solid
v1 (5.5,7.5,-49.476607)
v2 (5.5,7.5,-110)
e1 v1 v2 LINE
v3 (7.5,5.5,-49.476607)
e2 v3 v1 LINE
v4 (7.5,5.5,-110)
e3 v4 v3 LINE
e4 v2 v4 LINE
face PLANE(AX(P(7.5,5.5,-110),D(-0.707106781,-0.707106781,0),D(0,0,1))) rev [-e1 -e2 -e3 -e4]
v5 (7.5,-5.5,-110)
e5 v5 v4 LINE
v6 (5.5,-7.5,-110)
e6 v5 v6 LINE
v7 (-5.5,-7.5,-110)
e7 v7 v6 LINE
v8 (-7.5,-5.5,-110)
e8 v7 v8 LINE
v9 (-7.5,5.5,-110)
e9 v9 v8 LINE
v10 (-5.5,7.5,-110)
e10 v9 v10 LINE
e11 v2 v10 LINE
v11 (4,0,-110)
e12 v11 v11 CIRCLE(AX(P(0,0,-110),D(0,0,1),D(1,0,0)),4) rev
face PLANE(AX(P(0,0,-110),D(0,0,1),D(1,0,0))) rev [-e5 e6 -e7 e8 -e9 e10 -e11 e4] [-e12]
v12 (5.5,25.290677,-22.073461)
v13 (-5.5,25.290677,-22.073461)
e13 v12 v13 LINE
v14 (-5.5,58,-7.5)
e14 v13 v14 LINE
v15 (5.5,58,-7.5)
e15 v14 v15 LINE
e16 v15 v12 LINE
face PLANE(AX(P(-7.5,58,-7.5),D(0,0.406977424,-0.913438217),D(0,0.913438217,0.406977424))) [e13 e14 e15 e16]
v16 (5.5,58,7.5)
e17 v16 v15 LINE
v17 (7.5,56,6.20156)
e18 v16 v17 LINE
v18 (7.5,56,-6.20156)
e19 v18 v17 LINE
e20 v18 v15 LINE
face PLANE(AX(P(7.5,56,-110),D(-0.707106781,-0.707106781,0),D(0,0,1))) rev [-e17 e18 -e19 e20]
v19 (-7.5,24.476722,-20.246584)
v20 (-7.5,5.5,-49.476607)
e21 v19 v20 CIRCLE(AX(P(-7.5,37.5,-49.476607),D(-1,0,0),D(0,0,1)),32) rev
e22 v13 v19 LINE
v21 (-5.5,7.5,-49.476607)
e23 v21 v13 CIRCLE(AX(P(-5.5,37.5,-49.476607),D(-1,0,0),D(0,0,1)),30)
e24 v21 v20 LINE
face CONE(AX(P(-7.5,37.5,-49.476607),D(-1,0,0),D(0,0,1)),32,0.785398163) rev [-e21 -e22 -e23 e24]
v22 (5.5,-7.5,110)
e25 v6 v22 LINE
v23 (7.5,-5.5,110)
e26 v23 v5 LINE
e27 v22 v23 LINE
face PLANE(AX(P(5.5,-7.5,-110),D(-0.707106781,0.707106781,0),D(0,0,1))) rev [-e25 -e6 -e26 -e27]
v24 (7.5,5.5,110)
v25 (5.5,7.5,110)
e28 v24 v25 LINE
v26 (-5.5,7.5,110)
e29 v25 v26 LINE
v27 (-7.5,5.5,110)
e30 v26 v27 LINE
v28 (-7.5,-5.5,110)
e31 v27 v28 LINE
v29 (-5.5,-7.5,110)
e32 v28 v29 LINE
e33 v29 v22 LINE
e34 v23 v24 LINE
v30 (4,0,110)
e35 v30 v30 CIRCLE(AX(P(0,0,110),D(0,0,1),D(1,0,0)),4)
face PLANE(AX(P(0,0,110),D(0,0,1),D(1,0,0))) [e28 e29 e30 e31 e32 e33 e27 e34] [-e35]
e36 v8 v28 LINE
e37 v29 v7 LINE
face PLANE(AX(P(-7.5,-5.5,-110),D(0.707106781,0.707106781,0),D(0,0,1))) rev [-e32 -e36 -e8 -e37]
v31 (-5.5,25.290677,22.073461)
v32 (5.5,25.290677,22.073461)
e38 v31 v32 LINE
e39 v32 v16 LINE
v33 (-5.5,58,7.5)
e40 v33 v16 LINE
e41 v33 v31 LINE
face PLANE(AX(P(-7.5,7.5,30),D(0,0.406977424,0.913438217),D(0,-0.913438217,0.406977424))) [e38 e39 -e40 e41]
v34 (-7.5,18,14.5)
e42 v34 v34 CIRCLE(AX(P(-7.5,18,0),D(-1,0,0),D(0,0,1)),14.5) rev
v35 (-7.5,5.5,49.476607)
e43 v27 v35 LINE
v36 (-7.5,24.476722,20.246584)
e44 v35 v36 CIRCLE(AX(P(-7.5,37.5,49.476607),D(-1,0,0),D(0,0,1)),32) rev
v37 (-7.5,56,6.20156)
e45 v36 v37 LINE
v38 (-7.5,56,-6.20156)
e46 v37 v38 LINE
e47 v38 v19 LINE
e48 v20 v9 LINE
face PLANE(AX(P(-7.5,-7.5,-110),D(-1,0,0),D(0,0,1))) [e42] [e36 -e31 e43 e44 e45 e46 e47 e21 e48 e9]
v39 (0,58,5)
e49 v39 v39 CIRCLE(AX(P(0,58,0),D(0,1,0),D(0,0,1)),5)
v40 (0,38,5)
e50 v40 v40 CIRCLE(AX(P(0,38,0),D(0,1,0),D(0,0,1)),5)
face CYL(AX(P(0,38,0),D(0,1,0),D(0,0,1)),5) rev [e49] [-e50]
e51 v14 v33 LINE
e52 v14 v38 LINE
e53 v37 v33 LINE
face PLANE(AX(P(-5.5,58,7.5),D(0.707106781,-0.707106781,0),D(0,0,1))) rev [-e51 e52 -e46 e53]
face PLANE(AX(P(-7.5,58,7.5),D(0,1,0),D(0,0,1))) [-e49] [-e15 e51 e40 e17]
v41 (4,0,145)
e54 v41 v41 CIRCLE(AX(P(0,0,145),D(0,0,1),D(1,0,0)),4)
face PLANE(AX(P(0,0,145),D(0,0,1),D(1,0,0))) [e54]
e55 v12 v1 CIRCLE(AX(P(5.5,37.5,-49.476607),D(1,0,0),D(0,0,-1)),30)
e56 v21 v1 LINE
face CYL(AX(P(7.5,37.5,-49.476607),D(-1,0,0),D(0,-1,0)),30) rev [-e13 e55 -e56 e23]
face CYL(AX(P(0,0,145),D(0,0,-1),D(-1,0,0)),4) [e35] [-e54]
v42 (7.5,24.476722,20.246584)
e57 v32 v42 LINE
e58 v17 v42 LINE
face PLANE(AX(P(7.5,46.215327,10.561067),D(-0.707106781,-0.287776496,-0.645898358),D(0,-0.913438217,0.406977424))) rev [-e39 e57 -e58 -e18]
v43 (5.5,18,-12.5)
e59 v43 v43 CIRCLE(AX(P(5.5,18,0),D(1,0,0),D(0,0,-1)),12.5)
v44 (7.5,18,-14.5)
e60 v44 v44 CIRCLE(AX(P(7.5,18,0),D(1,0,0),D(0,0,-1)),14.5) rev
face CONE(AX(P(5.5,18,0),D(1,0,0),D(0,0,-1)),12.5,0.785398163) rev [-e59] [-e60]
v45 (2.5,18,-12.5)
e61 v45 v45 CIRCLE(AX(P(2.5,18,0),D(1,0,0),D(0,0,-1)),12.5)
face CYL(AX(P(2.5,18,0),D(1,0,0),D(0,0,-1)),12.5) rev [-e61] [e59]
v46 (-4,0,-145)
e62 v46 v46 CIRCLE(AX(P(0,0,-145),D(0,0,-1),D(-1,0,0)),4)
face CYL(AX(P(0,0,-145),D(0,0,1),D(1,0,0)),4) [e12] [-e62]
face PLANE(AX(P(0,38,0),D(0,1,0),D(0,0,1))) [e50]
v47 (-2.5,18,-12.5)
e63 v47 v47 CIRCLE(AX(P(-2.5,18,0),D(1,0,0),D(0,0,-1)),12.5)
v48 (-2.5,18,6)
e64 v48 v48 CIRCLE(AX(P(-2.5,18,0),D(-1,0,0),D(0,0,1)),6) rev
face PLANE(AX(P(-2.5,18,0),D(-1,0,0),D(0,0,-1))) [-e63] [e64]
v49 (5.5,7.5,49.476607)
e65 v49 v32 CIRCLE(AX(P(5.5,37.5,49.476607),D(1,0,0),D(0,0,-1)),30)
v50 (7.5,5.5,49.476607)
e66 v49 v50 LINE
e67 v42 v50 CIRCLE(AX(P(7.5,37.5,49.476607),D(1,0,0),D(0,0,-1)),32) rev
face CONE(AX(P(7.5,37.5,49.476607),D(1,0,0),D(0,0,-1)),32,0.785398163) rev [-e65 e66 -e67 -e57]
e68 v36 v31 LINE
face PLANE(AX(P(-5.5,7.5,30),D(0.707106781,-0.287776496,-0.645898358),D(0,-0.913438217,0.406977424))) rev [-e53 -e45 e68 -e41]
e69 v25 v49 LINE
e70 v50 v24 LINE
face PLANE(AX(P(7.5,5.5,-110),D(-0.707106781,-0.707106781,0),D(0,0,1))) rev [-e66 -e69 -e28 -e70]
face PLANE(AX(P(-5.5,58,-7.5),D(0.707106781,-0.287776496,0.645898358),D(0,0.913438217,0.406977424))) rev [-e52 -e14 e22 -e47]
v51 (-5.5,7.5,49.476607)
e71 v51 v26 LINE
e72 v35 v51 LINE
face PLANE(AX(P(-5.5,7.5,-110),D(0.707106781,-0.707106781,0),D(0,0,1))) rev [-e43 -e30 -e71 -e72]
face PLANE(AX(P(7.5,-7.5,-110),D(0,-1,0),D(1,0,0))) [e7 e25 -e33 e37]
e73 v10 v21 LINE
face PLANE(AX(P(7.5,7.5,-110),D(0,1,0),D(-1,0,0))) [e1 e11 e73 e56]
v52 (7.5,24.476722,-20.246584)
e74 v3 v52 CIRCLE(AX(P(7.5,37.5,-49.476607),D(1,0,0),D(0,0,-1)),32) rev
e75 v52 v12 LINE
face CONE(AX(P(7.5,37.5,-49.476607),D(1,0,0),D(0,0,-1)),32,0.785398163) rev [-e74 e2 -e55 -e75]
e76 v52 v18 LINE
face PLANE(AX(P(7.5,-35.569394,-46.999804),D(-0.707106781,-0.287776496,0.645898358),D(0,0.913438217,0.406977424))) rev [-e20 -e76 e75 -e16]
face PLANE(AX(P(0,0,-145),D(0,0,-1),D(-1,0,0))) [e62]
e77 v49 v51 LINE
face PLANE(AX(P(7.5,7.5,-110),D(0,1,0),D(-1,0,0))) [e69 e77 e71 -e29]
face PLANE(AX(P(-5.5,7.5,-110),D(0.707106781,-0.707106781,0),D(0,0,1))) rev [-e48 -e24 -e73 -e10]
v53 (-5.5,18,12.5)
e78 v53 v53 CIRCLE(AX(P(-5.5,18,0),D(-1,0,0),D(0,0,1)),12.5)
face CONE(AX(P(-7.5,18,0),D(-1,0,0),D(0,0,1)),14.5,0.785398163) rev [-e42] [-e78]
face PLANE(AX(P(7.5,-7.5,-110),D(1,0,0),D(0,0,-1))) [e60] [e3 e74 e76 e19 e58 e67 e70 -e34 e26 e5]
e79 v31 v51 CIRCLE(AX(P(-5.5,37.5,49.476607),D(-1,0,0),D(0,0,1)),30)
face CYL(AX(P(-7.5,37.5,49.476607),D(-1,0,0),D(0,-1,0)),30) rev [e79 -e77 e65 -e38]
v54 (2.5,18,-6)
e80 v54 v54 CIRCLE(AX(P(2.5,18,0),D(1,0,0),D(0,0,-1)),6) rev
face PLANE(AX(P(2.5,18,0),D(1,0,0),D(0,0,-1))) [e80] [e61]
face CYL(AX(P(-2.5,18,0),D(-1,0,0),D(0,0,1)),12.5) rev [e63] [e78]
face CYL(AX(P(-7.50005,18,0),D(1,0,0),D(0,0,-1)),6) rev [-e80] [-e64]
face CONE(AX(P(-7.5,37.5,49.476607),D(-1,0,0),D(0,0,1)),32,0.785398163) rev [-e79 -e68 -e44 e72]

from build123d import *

# Parameters (mm, degrees)
BOSS_EXTRUDE1_DEPTH      = 110
BOSS_EXTRUDE1_DEPTH_BACK = 110
SKETCH1_W                = 15
SKETCH1_H                = 15
SKETCH2_R                = 4
BOSS_EXTRUDE2_DEPTH      = 35
BOSS_EXTRUDE3_START      = 35
SKETCH3_R                = 4
BOSS_EXTRUDE3_DEPTH      = 35
BOSS_EXTRUDE4_DEPTH      = 7.5
BOSS_EXTRUDE4_DEPTH_BACK = 7.5
SKETCH5_R                = 6
CUT_EXTRUDE1_DEPTH       = 157.888495435
SKETCH6_R                = 5
CUT_EXTRUDE5_DEPTH       = 20
SKETCH7_R                = 12.5
CUT_EXTRUDE2_DEPTH       = 5
FILLET2_R                = 30
CHAMFER1_SIZE            = 2


with BuildPart() as part:
    # Sketch1 → Boss-Extrude1 (new, two sides: drawn at the far end of the back side and taken through both)
    with BuildSketch(Plane.XY.offset(-BOSS_EXTRUDE1_DEPTH_BACK)):
        Rectangle(SKETCH1_W, SKETCH1_H)
    extrude(amount=BOSS_EXTRUDE1_DEPTH + BOSS_EXTRUDE1_DEPTH_BACK)

    # Sketch2 → Boss-Extrude2 (add)
    with BuildSketch(Plane.XY.offset(110)):
        Circle(SKETCH2_R)
    extrude(amount=BOSS_EXTRUDE2_DEPTH)

    # Sketch3 → Boss-Extrude3 (add)
    with BuildSketch(Plane(origin=(0, 0, -110), x_dir=(-1, 0, 0), z_dir=(0, 0, -1)).offset(BOSS_EXTRUDE3_START)):
        with Locations(Location((0, 0, 0), (0, 0, 180))):
            Circle(SKETCH3_R)
    extrude(amount=-BOSS_EXTRUDE3_DEPTH)

    # Sketch4 → Boss-Extrude4 (add, two sides: drawn at the far end of the back side and taken through both)
    with BuildSketch(Plane(origin=(0, 0, 0), x_dir=(0, 0, -1), z_dir=(1, 0, 0)).offset(-BOSS_EXTRUDE4_DEPTH_BACK)):
        Polygon((-30, 7.5), (-7.5, 58), (7.5, 58), (30, 7.5), align=None)
    extrude(amount=BOSS_EXTRUDE4_DEPTH + BOSS_EXTRUDE4_DEPTH_BACK)

    # Sketch5 → Cut-Extrude1 (cut, through all)
    with BuildSketch(Plane(origin=(7.5, 0, 0), x_dir=(0, 0, -1), z_dir=(1, 0, 0))):
        with Locations((0, 18)):
            Circle(SKETCH5_R)
    extrude(amount=-CUT_EXTRUDE1_DEPTH, mode=Mode.SUBTRACT)

    # Sketch6 → Cut-Extrude5 (cut)
    with BuildSketch(Plane(origin=(0, 58, 0), x_dir=(1, 0, 0), z_dir=(0, 1, 0))):
        with Locations(Location((0, 0, 0), (0, 0, 270))):
            Circle(SKETCH6_R)
    extrude(amount=-CUT_EXTRUDE5_DEPTH, mode=Mode.SUBTRACT)

    # Sketch7 → Cut-Extrude2 (cut)
    with BuildSketch(Plane(origin=(7.5, 0, 0), x_dir=(0, 0, -1), z_dir=(1, 0, 0))):
        with Locations((0, 18)):
            Circle(SKETCH7_R)
    cut_extrude2 = extrude(amount=-CUT_EXTRUDE2_DEPTH, mode=Mode.SUBTRACT)

    # Mirror1: Cut-Extrude2 across plane
    add(cut_extrude2.mirror(Plane(origin=(0, 0, 0), x_dir=(0, 0, 1), z_dir=(1, 0, 0))), mode=Mode.SUBTRACT)

    # Fillet2
    fillet2_edges = [part.edges().sort_by_distance(p)[0] for p in [
        (0, 7.5, -30),
        (0, 7.5, 30),
    ]]
    fillet(fillet2_edges, radius=FILLET2_R)

    # Chamfer1
    chamfer1_edges = [part.edges().sort_by_distance(p)[0] for p in [
        (-7.5, 41.645338647, 14.786730306),
        (-7.5, 58, 0),
        (7.5, 58, 0),
        (7.5, 41.645338647, 14.786730306),
        (7.5, 18, 12.5),
        (-7.5, 18, 12.5),
        (7.5, 41.645338647, -14.786730306),
        (-7.5, 41.645338647, -14.786730306),
        (-7.5, 7.5, 79.738303565),
        (-7.5, 7.5, -79.738303565),
        (7.5, 7.5, 79.738303565),
        (7.5, 7.5, -79.738303565),
        (7.5, 12.33772982, -33.140752104),
        (-7.5, 12.33772982, -33.140752104),
        (7.5, -7.5, 0),
        (7.5, 12.33772982, 33.140752104),
        (-7.5, 12.33772982, 33.140752104),
        (-7.5, -7.5, 0),
    ]]
    chamfer(chamfer1_edges, length=CHAMFER1_SIZE)


solid = part.part
